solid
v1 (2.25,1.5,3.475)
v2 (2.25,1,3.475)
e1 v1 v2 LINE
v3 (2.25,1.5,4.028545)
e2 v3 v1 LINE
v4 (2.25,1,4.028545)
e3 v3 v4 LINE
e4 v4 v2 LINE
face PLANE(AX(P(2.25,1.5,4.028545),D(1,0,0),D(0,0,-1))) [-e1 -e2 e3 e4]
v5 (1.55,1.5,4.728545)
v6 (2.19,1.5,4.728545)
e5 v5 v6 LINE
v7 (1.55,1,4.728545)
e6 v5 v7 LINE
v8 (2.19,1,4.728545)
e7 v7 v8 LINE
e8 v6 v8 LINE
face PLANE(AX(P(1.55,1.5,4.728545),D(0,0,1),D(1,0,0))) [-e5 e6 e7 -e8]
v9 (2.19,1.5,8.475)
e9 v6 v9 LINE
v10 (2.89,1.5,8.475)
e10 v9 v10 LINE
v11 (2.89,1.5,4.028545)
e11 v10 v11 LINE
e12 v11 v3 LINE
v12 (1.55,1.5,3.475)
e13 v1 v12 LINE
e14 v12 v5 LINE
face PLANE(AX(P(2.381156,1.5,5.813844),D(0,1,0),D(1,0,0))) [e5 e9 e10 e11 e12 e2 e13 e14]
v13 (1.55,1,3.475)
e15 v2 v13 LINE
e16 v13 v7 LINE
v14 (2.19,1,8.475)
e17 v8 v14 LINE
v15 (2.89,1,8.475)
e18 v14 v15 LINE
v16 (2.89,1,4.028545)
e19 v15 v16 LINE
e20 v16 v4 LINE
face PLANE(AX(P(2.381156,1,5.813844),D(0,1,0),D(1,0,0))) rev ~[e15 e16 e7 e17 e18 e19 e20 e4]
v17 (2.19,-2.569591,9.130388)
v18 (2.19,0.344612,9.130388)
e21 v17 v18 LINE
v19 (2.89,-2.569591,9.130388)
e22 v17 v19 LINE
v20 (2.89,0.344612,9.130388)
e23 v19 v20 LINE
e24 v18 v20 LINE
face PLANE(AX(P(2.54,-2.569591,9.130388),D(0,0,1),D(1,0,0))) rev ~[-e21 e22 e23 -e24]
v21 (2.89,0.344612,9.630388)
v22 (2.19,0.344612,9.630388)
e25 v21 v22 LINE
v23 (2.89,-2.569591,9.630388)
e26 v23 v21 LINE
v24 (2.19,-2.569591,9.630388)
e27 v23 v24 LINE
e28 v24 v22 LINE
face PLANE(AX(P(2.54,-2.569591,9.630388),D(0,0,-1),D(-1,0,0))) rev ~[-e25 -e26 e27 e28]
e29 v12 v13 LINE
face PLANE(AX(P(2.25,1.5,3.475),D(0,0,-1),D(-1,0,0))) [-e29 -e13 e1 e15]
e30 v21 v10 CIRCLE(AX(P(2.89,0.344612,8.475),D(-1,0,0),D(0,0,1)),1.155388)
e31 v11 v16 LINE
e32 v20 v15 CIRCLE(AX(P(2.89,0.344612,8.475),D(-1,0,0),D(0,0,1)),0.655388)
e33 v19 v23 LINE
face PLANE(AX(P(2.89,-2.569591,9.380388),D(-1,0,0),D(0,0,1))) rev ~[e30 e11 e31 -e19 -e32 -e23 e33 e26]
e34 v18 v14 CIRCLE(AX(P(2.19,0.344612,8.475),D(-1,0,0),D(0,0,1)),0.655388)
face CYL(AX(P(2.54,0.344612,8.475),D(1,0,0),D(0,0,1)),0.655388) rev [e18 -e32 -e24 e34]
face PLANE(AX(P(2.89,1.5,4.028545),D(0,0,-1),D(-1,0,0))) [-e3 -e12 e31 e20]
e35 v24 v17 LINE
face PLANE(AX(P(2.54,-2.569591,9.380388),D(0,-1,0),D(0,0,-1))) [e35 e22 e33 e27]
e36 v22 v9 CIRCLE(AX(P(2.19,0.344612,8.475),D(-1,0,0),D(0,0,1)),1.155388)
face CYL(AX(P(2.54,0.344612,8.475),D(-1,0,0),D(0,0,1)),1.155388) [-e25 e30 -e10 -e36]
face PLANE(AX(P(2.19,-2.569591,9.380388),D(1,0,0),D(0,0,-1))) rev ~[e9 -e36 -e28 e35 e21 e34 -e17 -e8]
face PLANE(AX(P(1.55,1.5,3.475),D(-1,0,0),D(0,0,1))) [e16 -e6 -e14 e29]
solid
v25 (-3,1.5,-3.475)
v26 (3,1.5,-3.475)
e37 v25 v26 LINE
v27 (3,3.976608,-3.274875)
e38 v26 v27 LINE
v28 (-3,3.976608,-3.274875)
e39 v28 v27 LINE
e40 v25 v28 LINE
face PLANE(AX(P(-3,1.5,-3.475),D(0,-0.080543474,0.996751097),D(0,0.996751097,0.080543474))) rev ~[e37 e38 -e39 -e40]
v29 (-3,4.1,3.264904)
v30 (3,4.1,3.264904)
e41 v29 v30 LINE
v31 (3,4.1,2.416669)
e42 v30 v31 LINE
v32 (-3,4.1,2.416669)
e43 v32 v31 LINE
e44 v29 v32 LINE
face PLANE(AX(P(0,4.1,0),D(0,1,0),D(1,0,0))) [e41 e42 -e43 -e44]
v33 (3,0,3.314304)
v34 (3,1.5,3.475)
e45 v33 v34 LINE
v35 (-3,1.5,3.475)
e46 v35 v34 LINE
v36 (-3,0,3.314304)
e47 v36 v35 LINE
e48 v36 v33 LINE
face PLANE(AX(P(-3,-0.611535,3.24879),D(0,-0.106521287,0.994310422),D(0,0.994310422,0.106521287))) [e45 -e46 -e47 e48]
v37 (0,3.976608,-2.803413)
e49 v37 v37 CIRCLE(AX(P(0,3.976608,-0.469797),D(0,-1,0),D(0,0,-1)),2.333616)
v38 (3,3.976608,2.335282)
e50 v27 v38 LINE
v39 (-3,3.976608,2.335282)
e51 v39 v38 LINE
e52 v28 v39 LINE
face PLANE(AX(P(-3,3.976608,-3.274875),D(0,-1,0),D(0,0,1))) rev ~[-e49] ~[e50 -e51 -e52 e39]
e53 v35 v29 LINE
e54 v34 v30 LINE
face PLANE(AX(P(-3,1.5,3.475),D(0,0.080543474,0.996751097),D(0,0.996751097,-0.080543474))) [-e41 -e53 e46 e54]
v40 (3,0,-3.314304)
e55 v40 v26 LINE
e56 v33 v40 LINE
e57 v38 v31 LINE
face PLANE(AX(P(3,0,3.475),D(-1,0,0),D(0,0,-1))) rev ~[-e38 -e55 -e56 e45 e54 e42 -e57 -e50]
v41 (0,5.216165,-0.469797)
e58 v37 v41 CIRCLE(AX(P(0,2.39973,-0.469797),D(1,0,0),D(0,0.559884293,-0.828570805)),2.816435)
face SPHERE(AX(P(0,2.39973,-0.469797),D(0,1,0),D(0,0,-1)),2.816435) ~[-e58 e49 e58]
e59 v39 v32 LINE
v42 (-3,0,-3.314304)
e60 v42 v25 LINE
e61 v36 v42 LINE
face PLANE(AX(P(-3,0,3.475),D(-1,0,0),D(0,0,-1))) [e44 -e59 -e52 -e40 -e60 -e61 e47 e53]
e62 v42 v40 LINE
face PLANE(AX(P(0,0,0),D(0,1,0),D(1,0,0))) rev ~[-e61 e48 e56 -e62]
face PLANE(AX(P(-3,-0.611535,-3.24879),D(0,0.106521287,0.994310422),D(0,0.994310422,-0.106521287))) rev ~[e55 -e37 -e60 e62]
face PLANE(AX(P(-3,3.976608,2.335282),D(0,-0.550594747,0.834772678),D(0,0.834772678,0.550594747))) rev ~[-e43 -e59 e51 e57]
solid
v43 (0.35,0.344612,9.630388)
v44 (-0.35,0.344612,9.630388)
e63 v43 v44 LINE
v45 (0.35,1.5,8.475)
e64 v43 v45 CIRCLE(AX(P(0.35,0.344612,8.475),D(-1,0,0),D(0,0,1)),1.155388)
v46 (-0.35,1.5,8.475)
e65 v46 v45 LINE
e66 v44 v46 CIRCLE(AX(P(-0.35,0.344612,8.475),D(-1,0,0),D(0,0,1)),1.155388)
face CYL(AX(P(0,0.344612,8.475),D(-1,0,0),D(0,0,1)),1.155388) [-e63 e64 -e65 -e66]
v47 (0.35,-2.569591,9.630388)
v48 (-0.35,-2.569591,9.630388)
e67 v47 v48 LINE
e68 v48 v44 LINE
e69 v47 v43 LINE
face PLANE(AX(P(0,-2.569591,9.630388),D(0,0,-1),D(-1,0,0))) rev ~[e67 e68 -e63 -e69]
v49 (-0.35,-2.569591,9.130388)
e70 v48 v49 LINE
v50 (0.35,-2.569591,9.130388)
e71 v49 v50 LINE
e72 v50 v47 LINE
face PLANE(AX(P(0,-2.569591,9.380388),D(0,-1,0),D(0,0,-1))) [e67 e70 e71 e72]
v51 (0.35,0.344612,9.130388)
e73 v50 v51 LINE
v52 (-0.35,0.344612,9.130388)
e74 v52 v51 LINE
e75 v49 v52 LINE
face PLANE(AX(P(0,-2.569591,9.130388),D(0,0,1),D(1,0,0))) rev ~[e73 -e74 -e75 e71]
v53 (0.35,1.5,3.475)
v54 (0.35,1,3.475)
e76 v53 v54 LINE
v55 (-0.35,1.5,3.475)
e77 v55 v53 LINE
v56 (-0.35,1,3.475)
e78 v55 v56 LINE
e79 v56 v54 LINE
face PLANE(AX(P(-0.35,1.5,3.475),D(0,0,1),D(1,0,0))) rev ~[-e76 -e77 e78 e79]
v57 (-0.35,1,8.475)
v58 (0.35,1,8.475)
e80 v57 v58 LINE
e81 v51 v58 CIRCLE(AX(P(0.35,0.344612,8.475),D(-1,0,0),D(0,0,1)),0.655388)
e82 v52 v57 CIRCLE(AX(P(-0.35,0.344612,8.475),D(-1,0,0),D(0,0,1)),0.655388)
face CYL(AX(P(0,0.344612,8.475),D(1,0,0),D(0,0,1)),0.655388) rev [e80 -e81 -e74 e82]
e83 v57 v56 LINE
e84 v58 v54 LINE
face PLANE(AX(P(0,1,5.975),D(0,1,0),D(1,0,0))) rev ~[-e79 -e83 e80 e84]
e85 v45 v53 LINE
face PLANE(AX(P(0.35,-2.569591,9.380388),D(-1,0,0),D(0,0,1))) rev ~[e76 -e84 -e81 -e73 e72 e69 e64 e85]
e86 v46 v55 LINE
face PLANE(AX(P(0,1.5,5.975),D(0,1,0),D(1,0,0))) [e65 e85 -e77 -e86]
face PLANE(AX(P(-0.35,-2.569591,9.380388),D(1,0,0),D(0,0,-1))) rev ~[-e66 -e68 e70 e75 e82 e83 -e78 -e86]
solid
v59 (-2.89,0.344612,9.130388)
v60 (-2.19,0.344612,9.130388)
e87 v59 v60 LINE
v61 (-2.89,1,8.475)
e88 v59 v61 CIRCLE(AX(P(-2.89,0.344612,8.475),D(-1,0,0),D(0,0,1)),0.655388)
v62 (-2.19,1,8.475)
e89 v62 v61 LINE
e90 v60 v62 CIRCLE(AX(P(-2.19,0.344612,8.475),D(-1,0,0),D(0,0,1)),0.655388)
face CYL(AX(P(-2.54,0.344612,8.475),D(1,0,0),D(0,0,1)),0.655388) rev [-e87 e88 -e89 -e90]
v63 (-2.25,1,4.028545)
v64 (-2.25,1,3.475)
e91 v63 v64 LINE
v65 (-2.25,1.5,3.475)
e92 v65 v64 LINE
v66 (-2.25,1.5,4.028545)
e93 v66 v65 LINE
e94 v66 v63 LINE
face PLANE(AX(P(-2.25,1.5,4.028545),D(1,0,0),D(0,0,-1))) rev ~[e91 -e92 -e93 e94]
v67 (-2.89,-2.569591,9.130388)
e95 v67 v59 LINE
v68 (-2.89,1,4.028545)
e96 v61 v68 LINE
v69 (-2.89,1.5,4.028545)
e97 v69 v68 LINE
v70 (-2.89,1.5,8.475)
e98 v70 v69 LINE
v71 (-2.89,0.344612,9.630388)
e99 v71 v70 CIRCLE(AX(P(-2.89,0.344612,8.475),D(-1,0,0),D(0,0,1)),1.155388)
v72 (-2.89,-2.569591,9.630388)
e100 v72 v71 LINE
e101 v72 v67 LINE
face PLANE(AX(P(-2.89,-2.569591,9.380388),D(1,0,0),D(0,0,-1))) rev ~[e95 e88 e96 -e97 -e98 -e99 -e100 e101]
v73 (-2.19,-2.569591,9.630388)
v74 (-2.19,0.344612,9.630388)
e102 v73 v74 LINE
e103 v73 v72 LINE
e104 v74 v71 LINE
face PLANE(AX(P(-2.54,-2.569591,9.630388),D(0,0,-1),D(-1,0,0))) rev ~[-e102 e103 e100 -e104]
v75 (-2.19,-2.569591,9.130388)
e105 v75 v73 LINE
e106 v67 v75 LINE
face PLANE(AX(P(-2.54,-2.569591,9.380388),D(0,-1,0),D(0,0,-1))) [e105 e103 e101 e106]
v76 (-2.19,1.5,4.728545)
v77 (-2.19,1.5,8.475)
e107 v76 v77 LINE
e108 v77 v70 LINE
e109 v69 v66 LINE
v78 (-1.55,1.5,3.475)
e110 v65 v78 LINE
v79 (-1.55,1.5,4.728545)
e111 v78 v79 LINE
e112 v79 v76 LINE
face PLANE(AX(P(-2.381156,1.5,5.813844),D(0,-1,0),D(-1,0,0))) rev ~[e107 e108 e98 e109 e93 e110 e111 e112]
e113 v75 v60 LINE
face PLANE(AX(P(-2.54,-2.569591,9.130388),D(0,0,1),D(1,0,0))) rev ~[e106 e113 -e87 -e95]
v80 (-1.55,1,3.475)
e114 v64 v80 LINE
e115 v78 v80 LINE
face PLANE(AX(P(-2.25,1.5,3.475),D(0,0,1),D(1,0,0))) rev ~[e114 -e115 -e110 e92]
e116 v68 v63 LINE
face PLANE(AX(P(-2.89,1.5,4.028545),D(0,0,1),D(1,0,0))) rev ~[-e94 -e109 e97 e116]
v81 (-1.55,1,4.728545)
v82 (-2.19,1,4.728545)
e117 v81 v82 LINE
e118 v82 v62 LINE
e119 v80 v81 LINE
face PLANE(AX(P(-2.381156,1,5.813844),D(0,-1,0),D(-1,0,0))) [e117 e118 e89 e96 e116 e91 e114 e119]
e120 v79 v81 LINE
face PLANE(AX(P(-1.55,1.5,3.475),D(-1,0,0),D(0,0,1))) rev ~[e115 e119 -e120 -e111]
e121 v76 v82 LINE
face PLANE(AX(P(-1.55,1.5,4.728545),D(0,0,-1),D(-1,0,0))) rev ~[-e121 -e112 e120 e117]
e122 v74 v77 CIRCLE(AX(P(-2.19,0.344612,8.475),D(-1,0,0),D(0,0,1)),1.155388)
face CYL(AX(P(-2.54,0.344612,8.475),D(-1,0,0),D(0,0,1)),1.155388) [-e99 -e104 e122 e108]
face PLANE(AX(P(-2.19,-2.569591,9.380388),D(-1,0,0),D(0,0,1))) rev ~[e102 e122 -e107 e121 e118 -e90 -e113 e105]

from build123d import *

# Parameters (mm, degrees)
SKETCH1_W             = 6
SKETCH1_H             = 6.95
BOSS_EXTRUDE1_DEPTH   = 4.1
CUT_EXTRUDE2_DEPTH    = 10
SKETCH6_W             = 0.7
SKETCH6_H             = 5
BOSS_EXTRUDE2_DEPTH   = 0.5
BOSS_EXTRUDE2_2_DEPTH = 0.5
BOSS_EXTRUDE2_3_DEPTH = 0.5
SKETCH8_W             = 0.7
SKETCH8_H             = 0.5
LPATTERN1_COUNT       = 2
LPATTERN1_PITCH       = 2.54
LPATTERN2_COUNT       = 2
LPATTERN2_PITCH       = 2.54


with BuildPart() as part:
    # Sketch1 → Boss-Extrude1 (new body)
    with BuildSketch(Plane(origin=(0, 0, 0), x_dir=(1, 0, 0), z_dir=(0, 1, 0))):
        Rectangle(SKETCH1_W, SKETCH1_H)
    extrude(amount=BOSS_EXTRUDE1_DEPTH)

    # Sketch2 → Cut-Extrude2 (cut)
    with BuildSketch(Plane.ZY.offset(3)):
        Polygon((-3.475, 1.5), (-3.274875222, 3.976607761), (2.335282133, 3.976607761), (2.548204916, 4.299426173), (-3.248789555, 4.299426173), (-4.086743732, 4.299426173), (-4.086743732, -0.611534783), (-3.248789555, -0.611534783), align=None)
        Polygon((3.248789555, -0.611534783), (3.475, 1.5), (3.248789555, 4.299426173), (4.086743732, 4.299426173), (4.086743732, -0.611534783), align=None)
    extrude(amount=-CUT_EXTRUDE2_DEPTH, mode=Mode.SUBTRACT)

    # Sketch5 → Revolve2 (revolve)
    with BuildSketch(Plane(origin=(0, 0, 0), x_dir=(0, 0, -1), z_dir=(1, 0, 0))):
        with BuildLine():
            Line((0.469796544, 5.21616514), (0.469796544, 3.976607761))
            Line((0.469796544, 3.976607761), (2.803412544, 3.976607761))
            ThreePointArc((2.803412544, 3.976607761), (1.790995444, 4.887045907), (0.469796544, 5.21616514))
        make_face()
    revolve(axis=Axis((0, 3.976607761, -0.469796544), (0, -1, 0)))


with BuildPart() as body_2:
    # Sketch6 → Boss-Extrude2 (new body)
    with BuildSketch(Plane(origin=(0, 1.5, 0), x_dir=(1, 0, 0), z_dir=(0, 1, 0))):
        with Locations((0, -5.975)):
            Rectangle(SKETCH6_W, SKETCH6_H)
    extrude(amount=-BOSS_EXTRUDE2_DEPTH)

    # Sweep1: sweep along a path in Sketch7
    with BuildLine(Plane(origin=(0, 0, 0), x_dir=(0, 0, -1), z_dir=(1, 0, 0))) as sweep1_path:
        Line((-9.380387544, -2.569590895), (-9.380387544, 0.344612456))
        ThreePointArc((-9.380387544, 0.344612456), (-9.115205672, 0.984818128), (-8.475, 1.25))
    # Sketch8 → Sweep1 (sweep)
    with BuildSketch(Plane.XY.offset(8.475)):
        with Locations((0, 1.25)):
            Rectangle(SKETCH8_W, SKETCH8_H)
    sweep1 = sweep(path=sweep1_path.line)


with BuildPart() as body_3:
    # Sketch6 → Boss-Extrude2 2 (new body)
    with BuildSketch(Plane(origin=(0, 1.5, 0), x_dir=(1, 0, 0), z_dir=(0, 1, 0))):
        Polygon((-1.55, -3.475), (-1.55, -4.72854454), (-2.19, -4.72854454), (-2.19, -8.475), (-2.89, -8.475), (-2.89, -4.02854454), (-2.25, -4.02854454), (-2.25, -3.475), align=None)
    extrude(amount=-BOSS_EXTRUDE2_2_DEPTH)

    # LPattern2: Sweep1 ×2
    with Locations(*[(-i * LPATTERN2_PITCH, 0, 0) for i in range(1, LPATTERN2_COUNT)]):
        add(sweep1)


with BuildPart() as body_4:
    # Sketch6 → Boss-Extrude2 3 (new body)
    with BuildSketch(Plane(origin=(0, 1.5, 0), x_dir=(1, 0, 0), z_dir=(0, 1, 0))):
        Polygon((2.89, -4.02854454), (2.25, -4.02854454), (2.25, -3.475), (1.55, -3.475), (1.55, -4.72854454), (2.19, -4.72854454), (2.19, -8.475), (2.89, -8.475), align=None)
    extrude(amount=-BOSS_EXTRUDE2_3_DEPTH)

    # LPattern1: Sweep1 ×2
    with Locations(*[(i * LPATTERN1_PITCH, 0, 0) for i in range(1, LPATTERN1_COUNT)]):
        add(sweep1)


solid = Compound([part.part, body_2.part, body_3.part, body_4.part])
